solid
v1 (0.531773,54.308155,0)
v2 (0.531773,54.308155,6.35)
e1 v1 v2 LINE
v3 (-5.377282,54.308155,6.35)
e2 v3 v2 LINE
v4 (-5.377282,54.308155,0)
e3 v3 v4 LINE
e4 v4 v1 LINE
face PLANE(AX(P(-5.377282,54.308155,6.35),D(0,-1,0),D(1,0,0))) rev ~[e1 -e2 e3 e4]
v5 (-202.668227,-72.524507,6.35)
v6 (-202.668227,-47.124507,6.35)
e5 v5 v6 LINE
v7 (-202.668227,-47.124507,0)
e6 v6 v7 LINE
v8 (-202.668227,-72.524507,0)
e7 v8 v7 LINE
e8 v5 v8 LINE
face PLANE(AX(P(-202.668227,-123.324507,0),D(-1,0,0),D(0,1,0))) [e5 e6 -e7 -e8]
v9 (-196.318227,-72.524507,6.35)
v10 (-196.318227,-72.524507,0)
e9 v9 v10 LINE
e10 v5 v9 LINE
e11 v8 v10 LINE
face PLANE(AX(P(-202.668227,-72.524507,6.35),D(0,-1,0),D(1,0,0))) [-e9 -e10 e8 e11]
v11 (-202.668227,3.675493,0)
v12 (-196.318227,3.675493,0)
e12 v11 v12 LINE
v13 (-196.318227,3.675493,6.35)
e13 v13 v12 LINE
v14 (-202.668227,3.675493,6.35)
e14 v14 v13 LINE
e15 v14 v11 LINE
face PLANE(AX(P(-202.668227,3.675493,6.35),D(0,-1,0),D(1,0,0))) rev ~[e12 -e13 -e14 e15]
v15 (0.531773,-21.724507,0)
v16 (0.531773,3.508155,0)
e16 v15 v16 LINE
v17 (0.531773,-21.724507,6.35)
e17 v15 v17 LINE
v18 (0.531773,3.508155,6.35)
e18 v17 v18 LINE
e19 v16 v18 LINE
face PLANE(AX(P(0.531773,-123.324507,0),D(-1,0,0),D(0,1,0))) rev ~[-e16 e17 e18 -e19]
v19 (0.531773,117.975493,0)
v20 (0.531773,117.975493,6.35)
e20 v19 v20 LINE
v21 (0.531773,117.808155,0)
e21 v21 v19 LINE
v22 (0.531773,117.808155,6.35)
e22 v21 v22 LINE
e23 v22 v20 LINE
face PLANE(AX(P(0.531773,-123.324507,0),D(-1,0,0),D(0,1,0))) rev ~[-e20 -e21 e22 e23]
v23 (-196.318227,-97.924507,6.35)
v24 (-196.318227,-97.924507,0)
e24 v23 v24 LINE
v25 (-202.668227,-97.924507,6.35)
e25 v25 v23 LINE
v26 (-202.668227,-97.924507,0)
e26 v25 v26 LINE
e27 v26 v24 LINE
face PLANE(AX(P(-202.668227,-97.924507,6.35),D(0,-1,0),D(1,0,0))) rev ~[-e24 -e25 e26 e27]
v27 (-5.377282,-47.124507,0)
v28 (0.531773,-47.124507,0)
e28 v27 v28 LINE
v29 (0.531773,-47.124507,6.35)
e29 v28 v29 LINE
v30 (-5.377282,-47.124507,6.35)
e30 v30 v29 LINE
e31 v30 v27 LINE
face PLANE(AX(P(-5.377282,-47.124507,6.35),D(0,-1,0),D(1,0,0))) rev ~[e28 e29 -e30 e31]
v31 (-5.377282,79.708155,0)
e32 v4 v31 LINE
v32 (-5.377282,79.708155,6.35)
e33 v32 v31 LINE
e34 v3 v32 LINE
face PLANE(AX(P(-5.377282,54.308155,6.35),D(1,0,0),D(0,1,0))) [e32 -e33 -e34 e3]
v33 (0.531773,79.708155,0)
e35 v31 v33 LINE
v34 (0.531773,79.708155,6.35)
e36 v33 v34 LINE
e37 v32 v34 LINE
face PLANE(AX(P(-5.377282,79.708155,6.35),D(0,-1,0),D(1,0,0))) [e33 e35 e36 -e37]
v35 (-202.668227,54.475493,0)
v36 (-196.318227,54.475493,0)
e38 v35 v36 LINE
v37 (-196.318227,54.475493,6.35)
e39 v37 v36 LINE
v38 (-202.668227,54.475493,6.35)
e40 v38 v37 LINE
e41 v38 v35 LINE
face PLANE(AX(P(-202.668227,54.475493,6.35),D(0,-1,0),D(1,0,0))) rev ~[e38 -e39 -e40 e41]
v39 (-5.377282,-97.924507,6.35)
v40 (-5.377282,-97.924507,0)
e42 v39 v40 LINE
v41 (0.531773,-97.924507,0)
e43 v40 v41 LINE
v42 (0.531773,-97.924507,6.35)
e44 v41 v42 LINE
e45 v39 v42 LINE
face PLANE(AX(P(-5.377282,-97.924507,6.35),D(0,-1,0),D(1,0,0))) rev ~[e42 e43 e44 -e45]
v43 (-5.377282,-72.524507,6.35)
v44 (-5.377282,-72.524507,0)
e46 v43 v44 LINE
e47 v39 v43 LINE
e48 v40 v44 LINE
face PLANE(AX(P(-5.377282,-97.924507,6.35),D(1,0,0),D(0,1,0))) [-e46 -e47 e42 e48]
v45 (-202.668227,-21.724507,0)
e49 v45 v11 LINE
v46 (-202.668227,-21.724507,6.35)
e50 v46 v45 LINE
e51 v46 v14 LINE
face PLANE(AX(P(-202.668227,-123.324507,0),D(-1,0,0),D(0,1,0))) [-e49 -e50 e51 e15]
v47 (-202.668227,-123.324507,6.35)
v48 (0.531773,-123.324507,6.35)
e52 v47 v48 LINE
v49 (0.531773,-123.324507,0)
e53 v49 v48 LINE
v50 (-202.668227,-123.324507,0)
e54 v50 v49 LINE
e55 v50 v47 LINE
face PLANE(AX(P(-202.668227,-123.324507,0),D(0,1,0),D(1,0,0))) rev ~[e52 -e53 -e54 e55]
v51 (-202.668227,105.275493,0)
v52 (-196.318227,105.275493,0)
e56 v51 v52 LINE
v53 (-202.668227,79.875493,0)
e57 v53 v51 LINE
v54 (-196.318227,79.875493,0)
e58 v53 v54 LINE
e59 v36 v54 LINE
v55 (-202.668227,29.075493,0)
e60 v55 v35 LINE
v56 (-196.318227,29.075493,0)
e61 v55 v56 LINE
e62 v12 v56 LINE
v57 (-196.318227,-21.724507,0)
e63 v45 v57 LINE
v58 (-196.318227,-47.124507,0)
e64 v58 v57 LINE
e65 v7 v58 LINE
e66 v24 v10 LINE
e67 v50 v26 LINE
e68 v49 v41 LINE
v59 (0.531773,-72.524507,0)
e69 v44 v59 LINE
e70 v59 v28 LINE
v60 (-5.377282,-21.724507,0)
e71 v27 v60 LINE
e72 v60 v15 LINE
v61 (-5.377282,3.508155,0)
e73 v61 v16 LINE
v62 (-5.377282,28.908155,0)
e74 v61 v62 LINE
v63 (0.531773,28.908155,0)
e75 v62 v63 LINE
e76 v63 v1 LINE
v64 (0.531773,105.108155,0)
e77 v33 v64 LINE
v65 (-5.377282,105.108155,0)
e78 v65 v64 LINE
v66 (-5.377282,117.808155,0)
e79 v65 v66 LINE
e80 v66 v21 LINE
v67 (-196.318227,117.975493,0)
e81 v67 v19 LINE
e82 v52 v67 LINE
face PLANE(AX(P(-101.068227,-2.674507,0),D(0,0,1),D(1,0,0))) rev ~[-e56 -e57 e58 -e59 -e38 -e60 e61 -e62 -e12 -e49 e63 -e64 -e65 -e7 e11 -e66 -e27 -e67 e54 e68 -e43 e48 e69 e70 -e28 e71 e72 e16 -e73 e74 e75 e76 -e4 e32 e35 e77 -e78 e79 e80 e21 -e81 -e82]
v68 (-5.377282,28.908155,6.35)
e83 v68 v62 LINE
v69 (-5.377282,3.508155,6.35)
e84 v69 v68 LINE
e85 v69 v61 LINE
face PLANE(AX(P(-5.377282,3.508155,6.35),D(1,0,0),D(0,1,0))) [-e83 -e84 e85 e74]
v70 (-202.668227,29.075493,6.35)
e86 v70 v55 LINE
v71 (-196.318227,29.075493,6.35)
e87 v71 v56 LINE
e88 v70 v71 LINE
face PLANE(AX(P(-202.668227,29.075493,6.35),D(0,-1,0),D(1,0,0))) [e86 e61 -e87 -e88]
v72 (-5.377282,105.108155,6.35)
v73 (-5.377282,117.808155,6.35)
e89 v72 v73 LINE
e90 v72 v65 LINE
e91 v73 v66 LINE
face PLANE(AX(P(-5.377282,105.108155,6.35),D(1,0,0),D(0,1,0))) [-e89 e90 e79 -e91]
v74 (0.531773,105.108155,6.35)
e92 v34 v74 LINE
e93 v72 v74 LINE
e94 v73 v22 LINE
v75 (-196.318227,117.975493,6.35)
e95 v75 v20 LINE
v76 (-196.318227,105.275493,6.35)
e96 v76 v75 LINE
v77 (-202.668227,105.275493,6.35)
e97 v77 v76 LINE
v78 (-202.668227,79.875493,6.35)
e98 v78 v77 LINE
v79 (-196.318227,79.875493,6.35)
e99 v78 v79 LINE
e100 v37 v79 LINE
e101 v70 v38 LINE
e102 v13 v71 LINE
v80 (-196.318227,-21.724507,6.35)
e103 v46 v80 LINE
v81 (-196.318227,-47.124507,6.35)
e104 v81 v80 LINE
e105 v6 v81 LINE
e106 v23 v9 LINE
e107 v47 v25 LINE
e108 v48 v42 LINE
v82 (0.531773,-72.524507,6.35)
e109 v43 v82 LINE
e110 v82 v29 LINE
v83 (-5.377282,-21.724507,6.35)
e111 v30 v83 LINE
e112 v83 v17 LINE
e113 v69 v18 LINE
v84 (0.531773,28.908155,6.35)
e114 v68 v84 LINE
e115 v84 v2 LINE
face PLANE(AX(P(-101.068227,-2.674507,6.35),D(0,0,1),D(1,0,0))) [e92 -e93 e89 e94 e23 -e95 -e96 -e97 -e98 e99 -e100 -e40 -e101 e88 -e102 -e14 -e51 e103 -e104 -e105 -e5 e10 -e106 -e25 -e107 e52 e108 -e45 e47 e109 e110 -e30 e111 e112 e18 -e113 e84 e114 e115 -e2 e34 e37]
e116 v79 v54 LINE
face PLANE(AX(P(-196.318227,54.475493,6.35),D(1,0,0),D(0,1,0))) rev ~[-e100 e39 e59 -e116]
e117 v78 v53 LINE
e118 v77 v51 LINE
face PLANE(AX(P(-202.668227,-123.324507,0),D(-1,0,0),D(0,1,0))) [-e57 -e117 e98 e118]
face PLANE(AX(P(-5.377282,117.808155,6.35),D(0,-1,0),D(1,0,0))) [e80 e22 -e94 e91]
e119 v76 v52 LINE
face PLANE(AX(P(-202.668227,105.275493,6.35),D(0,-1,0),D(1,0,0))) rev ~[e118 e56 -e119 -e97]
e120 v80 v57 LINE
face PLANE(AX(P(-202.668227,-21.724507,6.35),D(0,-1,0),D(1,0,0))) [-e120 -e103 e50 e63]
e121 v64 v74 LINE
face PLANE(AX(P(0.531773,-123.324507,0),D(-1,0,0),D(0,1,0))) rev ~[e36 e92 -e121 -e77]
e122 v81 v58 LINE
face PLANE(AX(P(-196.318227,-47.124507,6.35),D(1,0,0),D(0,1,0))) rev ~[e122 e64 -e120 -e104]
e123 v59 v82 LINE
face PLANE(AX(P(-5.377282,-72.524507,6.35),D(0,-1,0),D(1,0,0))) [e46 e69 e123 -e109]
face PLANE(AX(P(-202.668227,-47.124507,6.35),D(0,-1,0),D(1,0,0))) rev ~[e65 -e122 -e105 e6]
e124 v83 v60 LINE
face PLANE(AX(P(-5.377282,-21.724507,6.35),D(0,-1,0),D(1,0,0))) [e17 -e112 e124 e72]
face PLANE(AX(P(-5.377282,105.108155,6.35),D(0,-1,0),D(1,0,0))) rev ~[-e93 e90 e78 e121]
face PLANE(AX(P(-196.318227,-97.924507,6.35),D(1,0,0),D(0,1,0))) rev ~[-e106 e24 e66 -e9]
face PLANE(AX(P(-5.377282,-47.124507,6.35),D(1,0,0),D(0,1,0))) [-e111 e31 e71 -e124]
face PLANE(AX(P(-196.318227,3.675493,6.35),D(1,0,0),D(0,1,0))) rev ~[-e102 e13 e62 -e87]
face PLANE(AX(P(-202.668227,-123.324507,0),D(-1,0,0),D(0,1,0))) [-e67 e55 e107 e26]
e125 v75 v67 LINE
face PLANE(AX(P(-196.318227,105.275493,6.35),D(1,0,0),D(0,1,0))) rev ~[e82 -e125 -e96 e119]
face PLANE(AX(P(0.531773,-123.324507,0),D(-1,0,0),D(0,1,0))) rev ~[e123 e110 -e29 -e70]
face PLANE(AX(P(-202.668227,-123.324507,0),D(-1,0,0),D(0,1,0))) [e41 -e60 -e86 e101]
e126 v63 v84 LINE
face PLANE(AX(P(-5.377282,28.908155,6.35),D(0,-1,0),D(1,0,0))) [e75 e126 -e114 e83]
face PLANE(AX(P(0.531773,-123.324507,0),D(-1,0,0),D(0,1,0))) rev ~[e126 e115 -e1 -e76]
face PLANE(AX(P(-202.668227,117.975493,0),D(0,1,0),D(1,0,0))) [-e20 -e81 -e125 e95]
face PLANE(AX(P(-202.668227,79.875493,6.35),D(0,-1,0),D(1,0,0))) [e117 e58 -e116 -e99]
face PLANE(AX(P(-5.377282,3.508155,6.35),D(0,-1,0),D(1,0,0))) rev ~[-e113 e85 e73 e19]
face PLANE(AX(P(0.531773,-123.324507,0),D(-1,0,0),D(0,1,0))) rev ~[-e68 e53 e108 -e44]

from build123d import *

# Parameters (mm, degrees)
SKETCH1_W           = 203.2
SKETCH1_H           = 241.3
BOSS_EXTRUDE1_DEPTH = 6.35
SKETCH2_W           = 6.35
SKETCH2_H           = 25.4
SKETCH2_H_2         = 12.7
CUT_EXTRUDE2_DEPTH  = 7.62


with BuildPart() as part:
    # Sketch1 → Boss-Extrude1 (new body)
    with BuildSketch(Plane.XY):
        with Locations((-101.068226601, -2.674507389)):
            Rectangle(SKETCH1_W, SKETCH1_H)
    extrude(amount=BOSS_EXTRUDE1_DEPTH)

    # Sketch2 → Cut-Extrude2 (cut)
    with BuildSketch(Plane.XY.offset(6.35)):
        with Locations((-199.493226601, -85.224507389)):
            Rectangle(SKETCH2_W, SKETCH2_H)
        with Locations((-199.493226601, -34.424507389)):
            Rectangle(SKETCH2_W, SKETCH2_H)
        with Locations((-199.493226601, 16.375492611)):
            Rectangle(SKETCH2_W, SKETCH2_H)
        with Locations((-199.493226601, 67.175492611)):
            Rectangle(SKETCH2_W, SKETCH2_H)
        with Locations((-199.493226601, 111.625492611)):
            Rectangle(SKETCH2_W, SKETCH2_H_2)
        with Locations((-2.202282379, -85.224507389)):
            Rectangle(SKETCH2_W, SKETCH2_H)
        with Locations((-2.202282379, -34.424507389)):
            Rectangle(SKETCH2_W, SKETCH2_H)
        with Locations((-2.202282379, 16.208154802)):
            Rectangle(SKETCH2_W, SKETCH2_H)
        with Locations((-2.202282379, 67.008154802)):
            Rectangle(SKETCH2_W, SKETCH2_H)
        with Locations((-2.202282379, 111.458154802)):
            Rectangle(SKETCH2_W, SKETCH2_H_2)
    extrude(amount=-CUT_EXTRUDE2_DEPTH, mode=Mode.SUBTRACT)


solid = part.part
